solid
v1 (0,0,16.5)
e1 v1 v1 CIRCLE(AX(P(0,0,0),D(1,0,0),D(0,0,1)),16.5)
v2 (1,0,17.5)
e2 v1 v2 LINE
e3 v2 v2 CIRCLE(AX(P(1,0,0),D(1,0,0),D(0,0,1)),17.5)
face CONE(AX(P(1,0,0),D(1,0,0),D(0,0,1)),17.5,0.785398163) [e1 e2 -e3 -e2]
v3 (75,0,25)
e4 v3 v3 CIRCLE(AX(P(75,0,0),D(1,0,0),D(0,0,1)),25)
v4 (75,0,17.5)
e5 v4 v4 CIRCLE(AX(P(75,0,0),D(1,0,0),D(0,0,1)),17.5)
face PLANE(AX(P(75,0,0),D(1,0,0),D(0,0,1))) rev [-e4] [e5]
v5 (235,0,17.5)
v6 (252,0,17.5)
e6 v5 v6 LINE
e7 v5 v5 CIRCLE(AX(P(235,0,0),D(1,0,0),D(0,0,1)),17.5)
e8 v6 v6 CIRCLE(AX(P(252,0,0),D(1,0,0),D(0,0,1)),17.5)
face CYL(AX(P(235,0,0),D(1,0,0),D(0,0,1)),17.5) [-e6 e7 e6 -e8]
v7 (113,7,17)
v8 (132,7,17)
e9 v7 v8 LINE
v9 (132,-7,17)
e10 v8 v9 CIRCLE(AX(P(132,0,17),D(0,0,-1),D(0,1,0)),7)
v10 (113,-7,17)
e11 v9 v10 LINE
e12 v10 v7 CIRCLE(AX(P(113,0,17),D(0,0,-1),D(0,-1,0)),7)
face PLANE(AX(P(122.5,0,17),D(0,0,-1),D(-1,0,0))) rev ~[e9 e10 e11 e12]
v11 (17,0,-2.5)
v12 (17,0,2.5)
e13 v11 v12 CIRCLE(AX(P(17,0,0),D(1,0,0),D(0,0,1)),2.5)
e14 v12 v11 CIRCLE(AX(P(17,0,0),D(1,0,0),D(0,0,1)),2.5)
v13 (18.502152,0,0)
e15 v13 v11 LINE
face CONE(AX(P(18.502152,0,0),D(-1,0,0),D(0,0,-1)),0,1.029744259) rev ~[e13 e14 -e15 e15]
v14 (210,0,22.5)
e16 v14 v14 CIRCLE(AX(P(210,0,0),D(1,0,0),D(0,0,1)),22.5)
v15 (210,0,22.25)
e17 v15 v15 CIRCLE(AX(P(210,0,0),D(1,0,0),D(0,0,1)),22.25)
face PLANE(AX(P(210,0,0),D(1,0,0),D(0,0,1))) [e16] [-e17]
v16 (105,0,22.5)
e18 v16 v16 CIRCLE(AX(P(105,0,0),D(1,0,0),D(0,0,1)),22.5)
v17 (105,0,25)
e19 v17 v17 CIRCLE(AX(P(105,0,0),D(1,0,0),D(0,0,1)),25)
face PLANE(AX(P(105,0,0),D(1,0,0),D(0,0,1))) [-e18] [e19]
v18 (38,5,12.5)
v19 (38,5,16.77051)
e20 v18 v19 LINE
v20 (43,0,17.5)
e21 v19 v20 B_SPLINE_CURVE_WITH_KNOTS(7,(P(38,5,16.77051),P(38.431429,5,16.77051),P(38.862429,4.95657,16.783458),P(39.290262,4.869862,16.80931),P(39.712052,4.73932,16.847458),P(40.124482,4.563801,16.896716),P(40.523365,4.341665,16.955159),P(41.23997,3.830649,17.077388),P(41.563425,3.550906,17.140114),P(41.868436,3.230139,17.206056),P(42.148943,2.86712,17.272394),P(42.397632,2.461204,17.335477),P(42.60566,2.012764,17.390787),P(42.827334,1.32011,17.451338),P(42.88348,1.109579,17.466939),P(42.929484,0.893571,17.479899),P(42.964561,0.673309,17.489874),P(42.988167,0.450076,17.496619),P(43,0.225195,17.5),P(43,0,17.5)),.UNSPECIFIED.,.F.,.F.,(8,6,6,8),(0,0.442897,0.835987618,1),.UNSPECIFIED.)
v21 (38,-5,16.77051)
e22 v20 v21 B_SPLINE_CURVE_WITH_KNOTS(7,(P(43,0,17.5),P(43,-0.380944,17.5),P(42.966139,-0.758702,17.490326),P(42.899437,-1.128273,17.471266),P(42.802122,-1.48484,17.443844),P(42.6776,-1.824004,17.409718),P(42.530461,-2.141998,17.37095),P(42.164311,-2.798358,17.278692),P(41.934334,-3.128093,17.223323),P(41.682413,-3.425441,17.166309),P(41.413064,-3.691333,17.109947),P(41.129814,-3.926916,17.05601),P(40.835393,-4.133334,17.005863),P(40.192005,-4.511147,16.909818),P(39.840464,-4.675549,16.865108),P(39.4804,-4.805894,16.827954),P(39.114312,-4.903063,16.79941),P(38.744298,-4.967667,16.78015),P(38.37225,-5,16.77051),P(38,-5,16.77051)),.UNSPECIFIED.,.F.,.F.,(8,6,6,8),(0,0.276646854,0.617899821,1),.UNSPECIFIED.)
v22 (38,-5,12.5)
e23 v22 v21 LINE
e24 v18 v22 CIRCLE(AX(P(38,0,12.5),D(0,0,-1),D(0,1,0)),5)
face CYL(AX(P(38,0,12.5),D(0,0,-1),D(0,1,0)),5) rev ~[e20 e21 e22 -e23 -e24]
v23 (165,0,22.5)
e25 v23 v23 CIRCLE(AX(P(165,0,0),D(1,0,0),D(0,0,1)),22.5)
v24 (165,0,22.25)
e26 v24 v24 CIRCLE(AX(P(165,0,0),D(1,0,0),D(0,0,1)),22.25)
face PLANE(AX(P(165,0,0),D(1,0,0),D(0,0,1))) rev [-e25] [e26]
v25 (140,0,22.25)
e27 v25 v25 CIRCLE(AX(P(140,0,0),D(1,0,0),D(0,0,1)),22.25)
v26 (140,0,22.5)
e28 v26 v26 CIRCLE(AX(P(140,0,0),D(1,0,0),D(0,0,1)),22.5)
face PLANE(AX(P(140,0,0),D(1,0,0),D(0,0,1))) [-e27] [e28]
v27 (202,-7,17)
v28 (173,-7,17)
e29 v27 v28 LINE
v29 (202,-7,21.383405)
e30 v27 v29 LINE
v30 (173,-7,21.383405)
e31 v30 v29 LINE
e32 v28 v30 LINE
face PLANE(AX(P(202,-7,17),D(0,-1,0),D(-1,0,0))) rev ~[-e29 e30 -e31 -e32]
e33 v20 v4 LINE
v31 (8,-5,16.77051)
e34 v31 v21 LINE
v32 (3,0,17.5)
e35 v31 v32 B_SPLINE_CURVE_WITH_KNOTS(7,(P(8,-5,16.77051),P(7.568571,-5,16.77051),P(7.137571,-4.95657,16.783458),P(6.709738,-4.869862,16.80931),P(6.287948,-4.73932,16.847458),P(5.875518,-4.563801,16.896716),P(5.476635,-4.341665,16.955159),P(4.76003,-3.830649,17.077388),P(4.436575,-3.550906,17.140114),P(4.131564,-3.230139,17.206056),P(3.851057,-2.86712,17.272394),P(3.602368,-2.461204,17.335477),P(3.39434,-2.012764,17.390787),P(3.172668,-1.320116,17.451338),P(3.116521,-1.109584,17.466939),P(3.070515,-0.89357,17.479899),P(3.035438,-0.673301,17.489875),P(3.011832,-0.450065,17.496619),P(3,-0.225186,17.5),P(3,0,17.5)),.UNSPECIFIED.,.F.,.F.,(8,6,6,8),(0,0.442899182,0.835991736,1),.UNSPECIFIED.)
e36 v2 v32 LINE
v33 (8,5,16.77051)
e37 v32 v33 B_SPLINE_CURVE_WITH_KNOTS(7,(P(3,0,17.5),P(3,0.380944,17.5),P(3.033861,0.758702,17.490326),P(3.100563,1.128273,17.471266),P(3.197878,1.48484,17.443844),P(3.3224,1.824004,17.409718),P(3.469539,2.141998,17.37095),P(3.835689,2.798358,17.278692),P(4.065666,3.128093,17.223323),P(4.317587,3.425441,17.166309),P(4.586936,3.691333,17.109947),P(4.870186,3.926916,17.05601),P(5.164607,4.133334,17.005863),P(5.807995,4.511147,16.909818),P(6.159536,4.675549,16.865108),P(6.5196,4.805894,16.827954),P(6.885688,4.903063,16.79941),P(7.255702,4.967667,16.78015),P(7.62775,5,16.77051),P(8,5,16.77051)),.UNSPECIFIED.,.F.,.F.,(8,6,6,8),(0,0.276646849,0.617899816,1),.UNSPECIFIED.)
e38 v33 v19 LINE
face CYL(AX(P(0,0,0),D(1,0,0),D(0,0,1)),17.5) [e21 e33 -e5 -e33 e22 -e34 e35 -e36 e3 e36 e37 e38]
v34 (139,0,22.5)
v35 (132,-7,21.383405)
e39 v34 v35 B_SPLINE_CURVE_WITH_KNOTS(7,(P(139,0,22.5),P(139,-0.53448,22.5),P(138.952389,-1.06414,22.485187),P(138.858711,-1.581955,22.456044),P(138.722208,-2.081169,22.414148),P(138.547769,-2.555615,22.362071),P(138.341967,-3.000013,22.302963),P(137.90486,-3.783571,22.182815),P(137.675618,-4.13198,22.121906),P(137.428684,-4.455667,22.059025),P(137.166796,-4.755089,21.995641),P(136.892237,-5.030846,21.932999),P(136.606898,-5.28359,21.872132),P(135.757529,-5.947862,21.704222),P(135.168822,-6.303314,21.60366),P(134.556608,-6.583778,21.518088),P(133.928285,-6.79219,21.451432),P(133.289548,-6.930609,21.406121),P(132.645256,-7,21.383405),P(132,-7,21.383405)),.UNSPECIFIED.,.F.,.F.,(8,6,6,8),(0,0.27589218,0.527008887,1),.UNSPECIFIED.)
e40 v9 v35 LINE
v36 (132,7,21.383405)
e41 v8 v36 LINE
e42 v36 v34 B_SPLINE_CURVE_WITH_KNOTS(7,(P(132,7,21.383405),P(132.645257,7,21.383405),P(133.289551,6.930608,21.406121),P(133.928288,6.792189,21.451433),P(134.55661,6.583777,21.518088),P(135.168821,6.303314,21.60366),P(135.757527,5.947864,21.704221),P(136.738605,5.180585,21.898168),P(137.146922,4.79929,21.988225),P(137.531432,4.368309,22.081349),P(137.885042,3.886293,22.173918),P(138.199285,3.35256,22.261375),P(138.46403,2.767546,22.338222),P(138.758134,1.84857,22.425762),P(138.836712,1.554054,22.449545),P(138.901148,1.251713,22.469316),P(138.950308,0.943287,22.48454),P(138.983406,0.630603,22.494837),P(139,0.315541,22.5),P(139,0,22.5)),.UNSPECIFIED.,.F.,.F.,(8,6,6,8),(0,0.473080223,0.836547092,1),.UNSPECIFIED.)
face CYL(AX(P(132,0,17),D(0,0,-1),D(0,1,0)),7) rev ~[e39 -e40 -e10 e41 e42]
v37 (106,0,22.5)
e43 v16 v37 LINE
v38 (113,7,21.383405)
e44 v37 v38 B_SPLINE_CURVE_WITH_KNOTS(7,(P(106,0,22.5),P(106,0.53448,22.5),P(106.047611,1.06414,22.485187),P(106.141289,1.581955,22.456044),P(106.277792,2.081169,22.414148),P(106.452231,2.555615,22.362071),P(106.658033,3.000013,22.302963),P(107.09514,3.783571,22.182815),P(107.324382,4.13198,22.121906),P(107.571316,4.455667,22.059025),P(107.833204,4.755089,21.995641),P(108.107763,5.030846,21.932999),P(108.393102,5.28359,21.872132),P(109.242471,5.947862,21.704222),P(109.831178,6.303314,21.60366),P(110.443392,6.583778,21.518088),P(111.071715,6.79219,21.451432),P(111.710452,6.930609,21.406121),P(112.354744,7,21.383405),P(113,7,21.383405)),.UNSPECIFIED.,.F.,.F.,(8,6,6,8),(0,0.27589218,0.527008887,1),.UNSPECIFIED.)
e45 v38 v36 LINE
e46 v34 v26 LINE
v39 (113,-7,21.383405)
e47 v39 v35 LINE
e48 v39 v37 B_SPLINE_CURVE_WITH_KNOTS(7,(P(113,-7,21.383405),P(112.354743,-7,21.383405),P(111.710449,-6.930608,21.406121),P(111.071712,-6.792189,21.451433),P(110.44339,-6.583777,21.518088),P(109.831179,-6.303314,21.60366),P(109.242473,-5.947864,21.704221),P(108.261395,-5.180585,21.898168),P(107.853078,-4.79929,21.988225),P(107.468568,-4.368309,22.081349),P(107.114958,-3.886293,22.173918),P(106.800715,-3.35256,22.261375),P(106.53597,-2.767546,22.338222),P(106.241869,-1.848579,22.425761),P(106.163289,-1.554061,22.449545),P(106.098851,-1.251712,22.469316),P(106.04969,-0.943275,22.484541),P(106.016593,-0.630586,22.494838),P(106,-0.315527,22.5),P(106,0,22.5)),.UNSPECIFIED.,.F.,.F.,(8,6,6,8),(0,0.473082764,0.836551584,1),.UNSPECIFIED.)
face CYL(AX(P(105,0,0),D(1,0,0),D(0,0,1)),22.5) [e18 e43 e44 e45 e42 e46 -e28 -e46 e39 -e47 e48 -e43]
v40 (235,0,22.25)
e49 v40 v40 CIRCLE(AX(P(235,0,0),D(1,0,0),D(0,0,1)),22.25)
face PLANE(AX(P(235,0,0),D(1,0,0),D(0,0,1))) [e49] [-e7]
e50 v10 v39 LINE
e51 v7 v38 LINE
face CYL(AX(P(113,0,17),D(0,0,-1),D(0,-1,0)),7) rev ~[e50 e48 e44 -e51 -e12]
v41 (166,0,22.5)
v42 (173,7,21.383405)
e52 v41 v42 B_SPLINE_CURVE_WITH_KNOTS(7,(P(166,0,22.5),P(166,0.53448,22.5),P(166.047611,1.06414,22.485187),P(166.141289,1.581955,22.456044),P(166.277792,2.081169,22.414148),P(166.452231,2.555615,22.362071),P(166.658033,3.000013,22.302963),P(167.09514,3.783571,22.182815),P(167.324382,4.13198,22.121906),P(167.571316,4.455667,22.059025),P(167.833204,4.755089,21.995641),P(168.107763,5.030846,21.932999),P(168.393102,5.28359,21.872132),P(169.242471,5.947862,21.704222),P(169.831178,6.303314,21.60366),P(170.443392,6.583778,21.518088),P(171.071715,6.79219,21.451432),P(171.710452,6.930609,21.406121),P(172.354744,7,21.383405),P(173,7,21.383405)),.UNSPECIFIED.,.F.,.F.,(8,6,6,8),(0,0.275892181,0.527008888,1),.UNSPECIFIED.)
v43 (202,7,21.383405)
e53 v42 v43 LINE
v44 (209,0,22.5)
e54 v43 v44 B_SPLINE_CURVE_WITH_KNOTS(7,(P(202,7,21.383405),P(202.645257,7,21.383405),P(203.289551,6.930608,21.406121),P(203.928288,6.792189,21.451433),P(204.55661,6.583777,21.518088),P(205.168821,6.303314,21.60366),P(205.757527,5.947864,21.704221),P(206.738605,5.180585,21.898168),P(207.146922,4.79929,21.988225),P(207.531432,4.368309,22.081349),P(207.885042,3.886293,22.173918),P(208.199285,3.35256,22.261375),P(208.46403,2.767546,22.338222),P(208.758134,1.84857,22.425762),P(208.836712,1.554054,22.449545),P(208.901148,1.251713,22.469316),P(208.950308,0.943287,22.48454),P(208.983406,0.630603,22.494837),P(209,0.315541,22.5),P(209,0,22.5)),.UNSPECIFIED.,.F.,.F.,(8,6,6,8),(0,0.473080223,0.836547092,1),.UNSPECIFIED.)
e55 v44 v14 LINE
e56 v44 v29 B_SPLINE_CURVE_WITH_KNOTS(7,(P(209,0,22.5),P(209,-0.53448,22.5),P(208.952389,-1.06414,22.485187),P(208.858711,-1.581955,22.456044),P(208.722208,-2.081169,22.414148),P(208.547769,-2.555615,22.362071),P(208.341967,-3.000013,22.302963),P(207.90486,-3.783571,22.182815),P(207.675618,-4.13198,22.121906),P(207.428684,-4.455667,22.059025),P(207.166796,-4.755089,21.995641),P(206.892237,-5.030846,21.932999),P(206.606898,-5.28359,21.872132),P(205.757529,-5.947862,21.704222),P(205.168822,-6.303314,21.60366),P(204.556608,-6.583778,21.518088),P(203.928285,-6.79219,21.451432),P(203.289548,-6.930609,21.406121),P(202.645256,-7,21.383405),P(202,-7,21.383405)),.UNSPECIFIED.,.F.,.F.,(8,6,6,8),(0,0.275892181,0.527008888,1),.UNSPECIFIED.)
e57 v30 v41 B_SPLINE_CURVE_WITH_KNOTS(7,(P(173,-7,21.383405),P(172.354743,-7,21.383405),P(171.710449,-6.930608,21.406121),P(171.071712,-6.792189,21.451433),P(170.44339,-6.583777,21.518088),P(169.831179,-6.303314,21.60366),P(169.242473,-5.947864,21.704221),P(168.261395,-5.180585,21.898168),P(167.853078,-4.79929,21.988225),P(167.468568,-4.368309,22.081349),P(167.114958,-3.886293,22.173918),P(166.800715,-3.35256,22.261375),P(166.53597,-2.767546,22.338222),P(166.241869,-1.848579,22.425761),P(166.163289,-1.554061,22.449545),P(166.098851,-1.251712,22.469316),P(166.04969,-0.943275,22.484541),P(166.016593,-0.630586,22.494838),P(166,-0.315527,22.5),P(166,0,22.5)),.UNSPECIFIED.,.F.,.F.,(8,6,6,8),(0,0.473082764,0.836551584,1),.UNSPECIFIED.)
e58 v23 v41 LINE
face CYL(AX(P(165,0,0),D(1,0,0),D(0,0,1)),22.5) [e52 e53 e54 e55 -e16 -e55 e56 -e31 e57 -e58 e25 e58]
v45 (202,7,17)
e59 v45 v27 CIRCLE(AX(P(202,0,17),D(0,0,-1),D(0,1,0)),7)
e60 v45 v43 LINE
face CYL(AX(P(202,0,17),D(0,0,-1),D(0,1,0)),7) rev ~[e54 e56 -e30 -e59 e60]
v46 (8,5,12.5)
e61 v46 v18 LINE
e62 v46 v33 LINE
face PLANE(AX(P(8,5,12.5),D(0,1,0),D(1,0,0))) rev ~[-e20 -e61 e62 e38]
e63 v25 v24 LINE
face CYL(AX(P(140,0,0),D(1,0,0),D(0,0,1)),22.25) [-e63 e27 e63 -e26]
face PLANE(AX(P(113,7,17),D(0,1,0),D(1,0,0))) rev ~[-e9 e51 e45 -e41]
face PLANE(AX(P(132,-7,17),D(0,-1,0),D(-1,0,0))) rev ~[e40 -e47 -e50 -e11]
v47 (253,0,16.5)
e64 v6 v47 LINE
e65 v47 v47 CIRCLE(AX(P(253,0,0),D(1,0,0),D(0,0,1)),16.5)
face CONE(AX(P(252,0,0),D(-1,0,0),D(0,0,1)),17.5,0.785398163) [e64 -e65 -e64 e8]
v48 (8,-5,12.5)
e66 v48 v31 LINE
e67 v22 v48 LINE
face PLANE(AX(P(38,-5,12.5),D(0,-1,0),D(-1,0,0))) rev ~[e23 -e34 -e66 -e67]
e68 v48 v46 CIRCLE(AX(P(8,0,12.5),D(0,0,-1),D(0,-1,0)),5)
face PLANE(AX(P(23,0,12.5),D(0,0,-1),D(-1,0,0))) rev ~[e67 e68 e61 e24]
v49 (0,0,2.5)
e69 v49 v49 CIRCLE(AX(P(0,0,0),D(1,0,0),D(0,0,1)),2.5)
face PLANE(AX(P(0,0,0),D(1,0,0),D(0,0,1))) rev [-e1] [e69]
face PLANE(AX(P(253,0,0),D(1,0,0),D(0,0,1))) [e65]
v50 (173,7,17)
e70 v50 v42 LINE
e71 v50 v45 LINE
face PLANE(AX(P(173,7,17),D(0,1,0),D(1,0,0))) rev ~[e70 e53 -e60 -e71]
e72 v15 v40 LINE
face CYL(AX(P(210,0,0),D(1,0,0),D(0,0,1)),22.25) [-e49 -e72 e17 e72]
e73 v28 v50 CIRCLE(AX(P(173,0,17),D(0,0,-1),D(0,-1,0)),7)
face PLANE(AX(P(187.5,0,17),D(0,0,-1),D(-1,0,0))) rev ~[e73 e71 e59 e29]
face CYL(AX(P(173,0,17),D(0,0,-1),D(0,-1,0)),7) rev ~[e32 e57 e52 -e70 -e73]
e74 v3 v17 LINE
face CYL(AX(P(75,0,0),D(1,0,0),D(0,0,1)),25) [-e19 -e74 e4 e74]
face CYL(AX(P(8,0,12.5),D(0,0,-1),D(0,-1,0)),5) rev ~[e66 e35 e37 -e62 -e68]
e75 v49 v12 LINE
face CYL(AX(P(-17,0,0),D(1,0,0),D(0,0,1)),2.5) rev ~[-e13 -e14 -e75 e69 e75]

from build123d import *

# Parameters (mm, degrees)
HOLE_WIZARD_M6_1_D     = 5
HOLE_WIZARD_M6_1_DEPTH = 17
HOLE_WIZARD_M6_1_TIP   = 1.502151548
CUT_EXTRUDE_1_DEPTH    = 10
CUT_EXTRUDE_2_DEPTH    = 10
CHAMFER_1_SIZE         = 1


with BuildPart() as part:
    # 草图1 → 旋转1 (revolve)
    with BuildSketch(Plane.XY, mode=Mode.PRIVATE) as revolve_1_sk:
        Polygon((0, 0), (0, 17.5), (75, 17.5), (75, 25), (105, 25), (105, 22.5), (140, 22.5), (140, 22.25), (165, 22.25), (165, 22.5), (210, 22.5), (210, 22.25), (235, 22.25), (235, 17.5), (253, 17.5), (253, 0), align=None)
    revolve(revolve_1_sk.sketch.rotate(Axis((0, 0, 0), (1, 0, 0)), 90), axis=Axis((0, 0, 0), (1, 0, 0)))

    # M6 螺纹孔1
    with Locations(Plane(origin=(0, 0, 0), x_dir=(0, 0, -1), z_dir=(-1, 0, 0))):
        with Locations((0, 0)):
            Hole(HOLE_WIZARD_M6_1_D / 2, depth=HOLE_WIZARD_M6_1_DEPTH)
            with Locations((0, 0, -(HOLE_WIZARD_M6_1_DEPTH + HOLE_WIZARD_M6_1_TIP / 2))):  # 118° drill point
                Cone(0, HOLE_WIZARD_M6_1_D / 2, HOLE_WIZARD_M6_1_TIP, mode=Mode.SUBTRACT)

    # 草图4 → 切除-拉伸1 (cut)
    with BuildSketch(Plane.XY.offset(17)):
        with BuildLine():
            Line((113, 7), (132, 7))
            ThreePointArc((132, 7), (139, 0), (132, -7))
            Line((132, -7), (113, -7))
            ThreePointArc((113, -7), (106, 0), (113, 7))
        make_face()
        with BuildLine():
            Line((173, 7), (202, 7))
            ThreePointArc((202, 7), (209, 0), (202, -7))
            Line((202, -7), (173, -7))
            ThreePointArc((173, -7), (166, 0), (173, 7))
        make_face()
    extrude(amount=CUT_EXTRUDE_1_DEPTH, mode=Mode.SUBTRACT)

    # 草图5 → 切除-拉伸2 (cut)
    with BuildSketch(Plane.XY.offset(12.5)):
        with BuildLine():
            Line((8, 5), (38, 5))
            ThreePointArc((38, 5), (43, 0), (38, -5))
            Line((38, -5), (8, -5))
            ThreePointArc((8, -5), (3, 0), (8, 5))
        make_face()
    extrude(amount=CUT_EXTRUDE_2_DEPTH, mode=Mode.SUBTRACT)

    # 倒角1
    chamfer_1_edges = [part.edges().sort_by_distance(p)[0] for p in [
        (253, 0, -17.5),
        (0, 0, -17.5),
    ]]
    chamfer(chamfer_1_edges, length=CHAMFER_1_SIZE)


solid = part.part
